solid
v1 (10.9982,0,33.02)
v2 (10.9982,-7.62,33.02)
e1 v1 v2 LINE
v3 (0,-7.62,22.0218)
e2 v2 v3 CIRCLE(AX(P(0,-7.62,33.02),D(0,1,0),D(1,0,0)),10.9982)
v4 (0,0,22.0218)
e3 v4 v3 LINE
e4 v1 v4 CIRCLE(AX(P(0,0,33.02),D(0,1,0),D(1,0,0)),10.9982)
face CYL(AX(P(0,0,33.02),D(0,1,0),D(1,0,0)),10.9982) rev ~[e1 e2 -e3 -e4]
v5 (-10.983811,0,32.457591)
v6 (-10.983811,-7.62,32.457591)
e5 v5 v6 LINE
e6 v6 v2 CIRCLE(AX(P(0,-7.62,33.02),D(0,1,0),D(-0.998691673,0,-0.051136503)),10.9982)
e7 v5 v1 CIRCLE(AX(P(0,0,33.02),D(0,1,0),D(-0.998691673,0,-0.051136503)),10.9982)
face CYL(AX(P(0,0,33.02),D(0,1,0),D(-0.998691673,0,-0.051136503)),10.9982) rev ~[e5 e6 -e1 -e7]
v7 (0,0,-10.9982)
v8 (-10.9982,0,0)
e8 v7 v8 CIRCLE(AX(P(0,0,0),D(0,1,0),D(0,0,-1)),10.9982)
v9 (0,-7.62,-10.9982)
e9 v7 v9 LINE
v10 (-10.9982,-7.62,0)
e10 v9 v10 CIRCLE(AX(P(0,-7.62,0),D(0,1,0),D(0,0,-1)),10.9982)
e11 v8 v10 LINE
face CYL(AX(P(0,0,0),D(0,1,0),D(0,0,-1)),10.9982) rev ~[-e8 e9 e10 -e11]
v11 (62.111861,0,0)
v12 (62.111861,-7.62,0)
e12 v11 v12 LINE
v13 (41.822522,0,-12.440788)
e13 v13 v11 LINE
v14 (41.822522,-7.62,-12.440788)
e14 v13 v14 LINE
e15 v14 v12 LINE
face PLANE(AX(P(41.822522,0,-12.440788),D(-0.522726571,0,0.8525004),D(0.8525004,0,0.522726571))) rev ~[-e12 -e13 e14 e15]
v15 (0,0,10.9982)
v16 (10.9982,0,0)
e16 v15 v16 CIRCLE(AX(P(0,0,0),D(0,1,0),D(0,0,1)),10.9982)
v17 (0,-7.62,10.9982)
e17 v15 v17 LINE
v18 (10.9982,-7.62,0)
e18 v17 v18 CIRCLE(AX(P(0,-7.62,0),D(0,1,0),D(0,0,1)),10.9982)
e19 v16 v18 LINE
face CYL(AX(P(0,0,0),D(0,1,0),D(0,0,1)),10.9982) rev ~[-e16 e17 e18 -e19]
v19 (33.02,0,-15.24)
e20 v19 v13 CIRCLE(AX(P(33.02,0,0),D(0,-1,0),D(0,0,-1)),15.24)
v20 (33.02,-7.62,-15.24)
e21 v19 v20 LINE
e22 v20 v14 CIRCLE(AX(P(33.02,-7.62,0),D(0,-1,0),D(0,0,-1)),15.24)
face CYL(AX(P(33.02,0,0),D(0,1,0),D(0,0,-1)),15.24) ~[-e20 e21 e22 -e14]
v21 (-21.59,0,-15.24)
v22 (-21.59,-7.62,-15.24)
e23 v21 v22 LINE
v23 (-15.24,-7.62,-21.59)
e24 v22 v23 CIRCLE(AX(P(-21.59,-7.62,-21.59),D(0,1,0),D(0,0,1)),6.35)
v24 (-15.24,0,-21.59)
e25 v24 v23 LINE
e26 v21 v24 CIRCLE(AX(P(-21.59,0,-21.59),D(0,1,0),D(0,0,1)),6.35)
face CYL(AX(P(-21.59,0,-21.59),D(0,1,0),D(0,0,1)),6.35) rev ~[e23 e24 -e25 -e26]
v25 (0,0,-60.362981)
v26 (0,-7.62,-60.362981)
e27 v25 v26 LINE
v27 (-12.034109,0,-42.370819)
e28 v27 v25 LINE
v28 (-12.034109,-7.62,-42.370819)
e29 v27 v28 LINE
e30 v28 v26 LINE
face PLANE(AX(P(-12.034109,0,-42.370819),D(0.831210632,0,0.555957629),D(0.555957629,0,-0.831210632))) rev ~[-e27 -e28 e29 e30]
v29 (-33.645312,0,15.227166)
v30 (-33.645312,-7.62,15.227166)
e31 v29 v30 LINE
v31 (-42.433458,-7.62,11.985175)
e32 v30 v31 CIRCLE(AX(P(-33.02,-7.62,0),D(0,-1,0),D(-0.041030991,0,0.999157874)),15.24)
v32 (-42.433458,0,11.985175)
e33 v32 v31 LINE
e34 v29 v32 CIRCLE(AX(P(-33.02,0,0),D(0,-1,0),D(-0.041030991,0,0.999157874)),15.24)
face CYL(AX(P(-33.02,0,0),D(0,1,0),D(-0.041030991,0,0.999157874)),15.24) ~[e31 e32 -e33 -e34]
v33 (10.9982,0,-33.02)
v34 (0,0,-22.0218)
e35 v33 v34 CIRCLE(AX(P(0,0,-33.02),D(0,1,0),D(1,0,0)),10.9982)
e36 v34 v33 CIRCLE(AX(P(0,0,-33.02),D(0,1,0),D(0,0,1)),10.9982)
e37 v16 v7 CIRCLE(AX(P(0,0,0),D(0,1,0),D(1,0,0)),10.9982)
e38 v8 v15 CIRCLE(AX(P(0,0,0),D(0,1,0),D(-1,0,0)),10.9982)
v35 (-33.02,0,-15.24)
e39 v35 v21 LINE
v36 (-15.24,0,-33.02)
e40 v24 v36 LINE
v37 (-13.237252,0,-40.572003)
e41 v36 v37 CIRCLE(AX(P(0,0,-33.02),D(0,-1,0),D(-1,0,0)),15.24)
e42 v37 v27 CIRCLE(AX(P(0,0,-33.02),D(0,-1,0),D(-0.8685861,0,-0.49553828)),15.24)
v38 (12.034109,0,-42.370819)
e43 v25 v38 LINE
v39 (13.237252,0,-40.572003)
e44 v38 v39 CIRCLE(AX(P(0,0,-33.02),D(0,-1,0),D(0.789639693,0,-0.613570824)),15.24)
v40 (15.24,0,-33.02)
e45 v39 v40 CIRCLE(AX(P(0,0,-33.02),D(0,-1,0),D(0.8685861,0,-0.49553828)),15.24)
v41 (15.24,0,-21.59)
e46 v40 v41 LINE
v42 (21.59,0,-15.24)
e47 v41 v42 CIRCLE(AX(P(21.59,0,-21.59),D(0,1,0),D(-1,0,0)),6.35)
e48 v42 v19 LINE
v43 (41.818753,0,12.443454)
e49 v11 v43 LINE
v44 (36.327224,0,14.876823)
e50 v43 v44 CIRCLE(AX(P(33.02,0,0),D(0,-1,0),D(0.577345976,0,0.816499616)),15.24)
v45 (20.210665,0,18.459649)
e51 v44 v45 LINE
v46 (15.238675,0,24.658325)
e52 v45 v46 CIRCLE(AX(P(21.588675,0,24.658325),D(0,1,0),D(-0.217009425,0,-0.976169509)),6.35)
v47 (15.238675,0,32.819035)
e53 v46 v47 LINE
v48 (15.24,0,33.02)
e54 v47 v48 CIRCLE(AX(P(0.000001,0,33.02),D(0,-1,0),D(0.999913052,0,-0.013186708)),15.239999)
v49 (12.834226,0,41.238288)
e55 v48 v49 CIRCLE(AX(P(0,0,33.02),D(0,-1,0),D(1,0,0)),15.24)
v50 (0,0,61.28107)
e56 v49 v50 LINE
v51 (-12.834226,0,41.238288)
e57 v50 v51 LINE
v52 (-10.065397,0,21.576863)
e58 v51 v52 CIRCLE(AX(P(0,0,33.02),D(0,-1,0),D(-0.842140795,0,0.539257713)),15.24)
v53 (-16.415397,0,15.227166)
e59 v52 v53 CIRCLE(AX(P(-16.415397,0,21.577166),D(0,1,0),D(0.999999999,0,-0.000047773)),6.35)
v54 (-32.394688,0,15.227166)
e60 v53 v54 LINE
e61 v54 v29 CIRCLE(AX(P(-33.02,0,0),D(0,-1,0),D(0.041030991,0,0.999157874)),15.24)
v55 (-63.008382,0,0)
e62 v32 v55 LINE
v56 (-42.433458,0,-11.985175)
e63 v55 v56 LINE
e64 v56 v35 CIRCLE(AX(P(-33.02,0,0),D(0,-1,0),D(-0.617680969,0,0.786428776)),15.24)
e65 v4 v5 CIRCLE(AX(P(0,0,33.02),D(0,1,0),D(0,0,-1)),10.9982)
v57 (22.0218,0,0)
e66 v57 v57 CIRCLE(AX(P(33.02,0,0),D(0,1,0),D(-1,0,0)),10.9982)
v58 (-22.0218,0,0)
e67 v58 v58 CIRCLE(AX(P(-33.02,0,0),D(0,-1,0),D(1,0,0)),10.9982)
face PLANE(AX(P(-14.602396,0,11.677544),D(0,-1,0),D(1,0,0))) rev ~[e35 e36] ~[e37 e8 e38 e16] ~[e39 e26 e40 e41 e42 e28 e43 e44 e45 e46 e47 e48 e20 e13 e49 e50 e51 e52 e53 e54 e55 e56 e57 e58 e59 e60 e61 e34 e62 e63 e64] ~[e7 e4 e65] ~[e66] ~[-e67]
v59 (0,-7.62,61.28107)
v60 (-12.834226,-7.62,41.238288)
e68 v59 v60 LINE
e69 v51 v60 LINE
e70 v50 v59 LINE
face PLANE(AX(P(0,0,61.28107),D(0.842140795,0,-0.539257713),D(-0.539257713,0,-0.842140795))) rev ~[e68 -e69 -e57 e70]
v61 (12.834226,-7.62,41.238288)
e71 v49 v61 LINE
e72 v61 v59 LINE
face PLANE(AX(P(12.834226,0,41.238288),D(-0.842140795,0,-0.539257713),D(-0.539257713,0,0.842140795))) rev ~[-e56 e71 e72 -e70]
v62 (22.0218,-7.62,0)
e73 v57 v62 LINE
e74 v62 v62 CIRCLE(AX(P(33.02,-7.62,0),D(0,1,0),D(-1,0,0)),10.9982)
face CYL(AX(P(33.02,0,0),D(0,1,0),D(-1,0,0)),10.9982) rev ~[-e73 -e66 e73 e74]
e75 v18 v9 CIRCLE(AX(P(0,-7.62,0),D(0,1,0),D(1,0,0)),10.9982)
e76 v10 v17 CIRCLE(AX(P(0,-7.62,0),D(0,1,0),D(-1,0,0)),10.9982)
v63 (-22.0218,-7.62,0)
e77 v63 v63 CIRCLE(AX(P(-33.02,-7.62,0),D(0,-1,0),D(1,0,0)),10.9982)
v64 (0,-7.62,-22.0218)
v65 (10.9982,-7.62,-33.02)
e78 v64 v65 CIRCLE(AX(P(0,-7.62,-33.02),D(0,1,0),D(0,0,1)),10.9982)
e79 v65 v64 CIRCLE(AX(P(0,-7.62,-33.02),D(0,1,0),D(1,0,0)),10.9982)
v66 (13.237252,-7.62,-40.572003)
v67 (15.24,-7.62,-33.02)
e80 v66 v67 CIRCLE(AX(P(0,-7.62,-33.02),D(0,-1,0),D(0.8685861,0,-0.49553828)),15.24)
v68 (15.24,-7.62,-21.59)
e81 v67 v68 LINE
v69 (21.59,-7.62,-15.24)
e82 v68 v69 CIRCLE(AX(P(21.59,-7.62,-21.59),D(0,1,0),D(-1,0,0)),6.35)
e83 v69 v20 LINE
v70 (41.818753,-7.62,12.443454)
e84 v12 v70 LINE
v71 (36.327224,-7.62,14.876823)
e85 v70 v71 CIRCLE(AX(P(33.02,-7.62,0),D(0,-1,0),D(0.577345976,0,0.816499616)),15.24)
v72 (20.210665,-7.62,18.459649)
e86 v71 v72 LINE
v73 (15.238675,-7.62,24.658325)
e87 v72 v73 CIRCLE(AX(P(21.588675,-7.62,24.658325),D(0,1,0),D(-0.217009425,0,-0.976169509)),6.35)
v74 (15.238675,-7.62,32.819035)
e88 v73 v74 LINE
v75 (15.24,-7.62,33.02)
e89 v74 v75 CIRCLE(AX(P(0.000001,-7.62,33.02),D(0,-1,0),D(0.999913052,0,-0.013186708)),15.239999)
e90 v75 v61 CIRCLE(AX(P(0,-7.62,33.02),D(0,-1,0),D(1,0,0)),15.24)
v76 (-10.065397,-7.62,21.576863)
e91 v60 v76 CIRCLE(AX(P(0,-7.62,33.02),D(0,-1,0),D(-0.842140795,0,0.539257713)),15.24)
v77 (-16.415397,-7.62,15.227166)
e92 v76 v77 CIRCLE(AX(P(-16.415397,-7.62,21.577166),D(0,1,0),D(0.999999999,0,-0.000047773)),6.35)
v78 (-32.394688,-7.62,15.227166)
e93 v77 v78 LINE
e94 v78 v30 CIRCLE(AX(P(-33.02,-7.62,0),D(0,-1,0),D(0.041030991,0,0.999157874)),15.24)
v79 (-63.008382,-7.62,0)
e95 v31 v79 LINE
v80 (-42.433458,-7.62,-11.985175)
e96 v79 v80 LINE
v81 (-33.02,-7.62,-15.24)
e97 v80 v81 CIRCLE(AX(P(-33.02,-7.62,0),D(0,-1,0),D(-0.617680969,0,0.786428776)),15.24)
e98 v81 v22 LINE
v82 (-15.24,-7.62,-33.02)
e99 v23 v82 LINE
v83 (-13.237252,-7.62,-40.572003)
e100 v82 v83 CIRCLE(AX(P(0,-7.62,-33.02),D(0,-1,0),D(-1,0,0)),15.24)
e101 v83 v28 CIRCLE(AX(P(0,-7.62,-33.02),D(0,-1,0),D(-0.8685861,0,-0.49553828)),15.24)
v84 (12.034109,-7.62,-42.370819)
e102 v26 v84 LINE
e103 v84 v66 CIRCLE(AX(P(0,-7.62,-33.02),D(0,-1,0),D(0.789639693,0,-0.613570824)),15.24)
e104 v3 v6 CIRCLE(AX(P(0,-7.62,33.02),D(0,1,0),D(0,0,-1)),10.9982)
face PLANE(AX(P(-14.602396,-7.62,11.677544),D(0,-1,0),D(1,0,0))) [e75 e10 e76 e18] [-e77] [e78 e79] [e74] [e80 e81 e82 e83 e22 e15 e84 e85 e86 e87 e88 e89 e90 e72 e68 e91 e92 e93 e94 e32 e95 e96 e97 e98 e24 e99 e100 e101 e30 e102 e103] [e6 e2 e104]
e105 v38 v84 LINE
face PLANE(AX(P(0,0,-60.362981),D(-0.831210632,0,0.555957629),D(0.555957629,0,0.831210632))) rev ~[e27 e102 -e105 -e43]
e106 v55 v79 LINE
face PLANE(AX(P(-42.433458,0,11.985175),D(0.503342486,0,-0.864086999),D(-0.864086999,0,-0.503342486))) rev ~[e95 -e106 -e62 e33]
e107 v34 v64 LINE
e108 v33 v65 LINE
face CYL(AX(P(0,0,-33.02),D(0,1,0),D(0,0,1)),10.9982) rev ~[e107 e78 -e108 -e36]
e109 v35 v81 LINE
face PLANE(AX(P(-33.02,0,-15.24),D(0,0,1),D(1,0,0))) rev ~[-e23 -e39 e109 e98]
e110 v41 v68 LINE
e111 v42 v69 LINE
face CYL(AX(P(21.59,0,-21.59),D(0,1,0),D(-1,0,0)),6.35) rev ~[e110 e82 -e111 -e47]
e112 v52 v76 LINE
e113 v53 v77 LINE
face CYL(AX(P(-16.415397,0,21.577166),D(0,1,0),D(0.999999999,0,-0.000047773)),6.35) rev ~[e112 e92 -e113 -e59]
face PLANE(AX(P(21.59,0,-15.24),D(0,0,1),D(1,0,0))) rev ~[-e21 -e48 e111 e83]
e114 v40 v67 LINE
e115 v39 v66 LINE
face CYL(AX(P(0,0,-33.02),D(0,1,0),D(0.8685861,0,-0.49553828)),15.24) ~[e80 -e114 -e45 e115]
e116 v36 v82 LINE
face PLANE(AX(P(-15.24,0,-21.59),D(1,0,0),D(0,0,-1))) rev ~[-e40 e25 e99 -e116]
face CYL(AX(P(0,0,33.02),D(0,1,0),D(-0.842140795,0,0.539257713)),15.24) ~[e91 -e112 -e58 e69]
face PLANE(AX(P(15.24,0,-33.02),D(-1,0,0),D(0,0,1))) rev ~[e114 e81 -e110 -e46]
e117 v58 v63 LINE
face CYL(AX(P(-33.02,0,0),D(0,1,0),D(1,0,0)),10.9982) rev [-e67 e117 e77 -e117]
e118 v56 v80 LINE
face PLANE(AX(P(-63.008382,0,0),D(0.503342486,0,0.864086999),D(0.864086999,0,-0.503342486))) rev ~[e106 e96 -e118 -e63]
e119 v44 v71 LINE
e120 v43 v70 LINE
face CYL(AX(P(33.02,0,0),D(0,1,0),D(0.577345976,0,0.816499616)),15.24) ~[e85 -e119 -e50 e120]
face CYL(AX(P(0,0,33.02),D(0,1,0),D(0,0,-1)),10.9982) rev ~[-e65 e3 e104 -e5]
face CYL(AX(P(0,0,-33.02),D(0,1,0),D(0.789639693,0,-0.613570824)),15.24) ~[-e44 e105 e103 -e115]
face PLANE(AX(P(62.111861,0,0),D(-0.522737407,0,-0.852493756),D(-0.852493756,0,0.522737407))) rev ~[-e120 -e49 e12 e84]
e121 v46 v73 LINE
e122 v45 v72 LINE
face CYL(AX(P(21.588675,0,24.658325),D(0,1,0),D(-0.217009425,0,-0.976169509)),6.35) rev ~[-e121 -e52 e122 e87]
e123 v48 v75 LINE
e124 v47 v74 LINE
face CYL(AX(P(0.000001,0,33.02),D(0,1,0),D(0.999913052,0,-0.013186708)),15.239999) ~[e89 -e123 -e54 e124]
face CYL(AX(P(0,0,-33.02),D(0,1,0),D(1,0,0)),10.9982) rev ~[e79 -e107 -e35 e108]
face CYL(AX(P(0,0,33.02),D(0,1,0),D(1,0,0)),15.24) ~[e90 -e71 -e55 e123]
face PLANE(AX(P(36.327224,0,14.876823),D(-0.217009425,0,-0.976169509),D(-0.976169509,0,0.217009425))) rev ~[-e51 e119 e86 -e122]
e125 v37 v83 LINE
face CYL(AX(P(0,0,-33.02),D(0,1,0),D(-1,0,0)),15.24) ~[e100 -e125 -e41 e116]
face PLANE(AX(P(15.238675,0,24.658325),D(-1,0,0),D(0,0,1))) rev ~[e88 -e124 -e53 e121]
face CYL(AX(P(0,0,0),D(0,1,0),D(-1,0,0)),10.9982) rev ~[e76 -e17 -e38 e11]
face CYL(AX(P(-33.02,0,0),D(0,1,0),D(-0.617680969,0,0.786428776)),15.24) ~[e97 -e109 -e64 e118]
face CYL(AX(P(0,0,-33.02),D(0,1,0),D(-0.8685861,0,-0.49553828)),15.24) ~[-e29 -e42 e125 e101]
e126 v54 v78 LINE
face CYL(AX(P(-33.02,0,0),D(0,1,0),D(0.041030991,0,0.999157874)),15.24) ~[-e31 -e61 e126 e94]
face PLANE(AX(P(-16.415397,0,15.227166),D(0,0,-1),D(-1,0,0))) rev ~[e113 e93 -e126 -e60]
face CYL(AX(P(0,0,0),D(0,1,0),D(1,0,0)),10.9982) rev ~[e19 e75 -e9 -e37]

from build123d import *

# Parameters (mm, degrees)
F0_R     = 10.9982
F1_DEPTH = 7.62


with BuildPart() as f1:
    # F0 (on Front) → F1 (new body)
    with BuildSketch(Plane.XZ):
        with BuildLine():
            ThreePointArc((-10.9982, 0), (-7.7769018008, 7.7769018008), (0, 10.9982))
            Line((0, 10.9982), (0, 17.78))
            ThreePointArc((0, 17.78), (-5.3788561382, 18.7607746829), (-10.0653965385, 21.5768626451))
            ThreePointArc((-10.0653965385, 21.5768626451), (-11.9253757257, 17.0869306915), (-16.4153965312, 15.2271660045))
            Line((-16.4153965312, 15.2271660045), (-32.3946877004, 15.2271660045))
            ThreePointArc((-32.3946877004, 15.2271660045), (-22.0248338019, 10.5529105121), (-17.78, 0))
            Line((-17.78, 0), (-10.9982, 0))
        make_face()
        with BuildLine():
            Line((0, 17.78), (0, 10.9982))
            ThreePointArc((0, 10.9982), (7.7769018008, 7.7769018008), (10.9982, 0))
            Line((10.9982, 0), (17.78, 0))
            ThreePointArc((17.78, 0), (23.4843953598, 11.8882229179), (36.3272236413, 14.8768233097))
            Line((36.3272236413, 14.8768233097), (20.2106650558, 18.459648921))
            ThreePointArc((20.2106650558, 18.459648921), (16.6352486905, 20.6851567), (15.2386749063, 24.6583253))
            Line((15.2386749063, 24.6583253), (15.2386749063, 32.8190345816))
            ThreePointArc((15.2386749063, 32.8190345816), (10.7050195475, 22.1728733534), (0, 17.78))
        make_face()
        with BuildLine():
            ThreePointArc((0, -10.9982), (-7.7769018008, -7.7769018008), (-10.9982, 0))
            Line((-10.9982, 0), (-17.78, 0))
            ThreePointArc((-17.78, 0), (-22.2436926547, -10.7763073453), (-33.02, -15.24))
            Line((-33.02, -15.24), (-21.59, -15.24))
            ThreePointArc((-21.59, -15.24), (-17.0998719395, -17.0998719395), (-15.24, -21.59))
            Line((-15.24, -21.59), (-15.24, -33.02))
            ThreePointArc((-15.24, -33.02), (-10.7763073453, -22.2436926547), (0, -17.78))
            Line((0, -17.78), (0, -10.9982))
        make_face()
        with BuildLine():
            Line((17.78, 0), (10.9982, 0))
            ThreePointArc((10.9982, 0), (7.7769018008, -7.7769018008), (0, -10.9982))
            Line((0, -10.9982), (0, -17.78))
            ThreePointArc((0, -17.78), (10.7763073453, -22.2436926547), (15.24, -33.02))
            Line((15.24, -33.02), (15.24, -21.59))
            ThreePointArc((15.24, -21.59), (17.0998719395, -17.0998719395), (21.59, -15.24))
            Line((21.59, -15.24), (33.02, -15.24))
            ThreePointArc((33.02, -15.24), (22.2436926547, -10.7763073453), (17.78, 0))
        make_face()
        with BuildLine():
            ThreePointArc((-10.0653965385, 21.5768626451), (-5.3788561382, 18.7607746829), (0, 17.78))
            Line((0, 17.78), (0, 22.0218))
            ThreePointArc((0, 22.0218), (-7.5754508533, 25.0467354485), (-10.9838107601, 32.4575905169))
            Line((-10.9838107601, 32.4575905169), (-10.9838107601, 24.8666))
            ThreePointArc((-10.9838107601, 24.8666), (-10.2992675476, 23.2846396517), (-10.0653965385, 21.5768626451))
        make_face()
        with BuildLine():
            Line((0, 22.0218), (0, 17.78))
            ThreePointArc((0, 17.78), (10.7050195475, 22.1728733534), (15.2386749063, 32.8190345816))
            ThreePointArc((15.2386749063, 32.8190345816), (15.239668723, 32.9195151065), (15.24, 33.02))
            ThreePointArc((15.24, 33.02), (14.6261956768, 37.301588493), (12.8342257188, 41.2382875467))
            ThreePointArc((12.8342257188, 41.2382875467), (0, 48.26), (-12.8342257188, 41.2382875467))
            ThreePointArc((-12.8342257188, 41.2382875467), (-15.091092809, 30.894789933), (-10.0653965385, 21.5768626451))
            ThreePointArc((-10.0653965385, 21.5768626451), (-10.2992675476, 23.2846396517), (-10.9838107601, 24.8666))
            Line((-10.9838107601, 24.8666), (-10.9838107601, 32.4575905169))
            ThreePointArc((-10.9838107601, 32.4575905169), (-0.2812967636, 44.0146021015), (10.9982, 33.02))
            ThreePointArc((10.9982, 33.02), (7.7769018008, 25.2430981992), (0, 22.0218))
        make_face()
        with BuildLine():
            ThreePointArc((-33.02, -15.24), (-22.2436926547, -10.7763073453), (-17.78, 0))
            ThreePointArc((-17.78, 0), (-22.0248338019, 10.5529105121), (-32.3946877004, 15.2271660045))
            Line((-32.3946877004, 15.2271660045), (-33.6453122996, 15.2271660045))
            ThreePointArc((-33.6453122996, 15.2271660045), (-38.2946425734, 14.2981028714), (-42.4334579703, 11.985174552))
            ThreePointArc((-42.4334579703, 11.985174552), (-48.26, 0), (-42.4334579703, -11.985174552))
            ThreePointArc((-42.4334579703, -11.985174552), (-38.0001375397, -14.4033270492), (-33.02, -15.24))
        make_face()
        with Locations((-33.02, 0)):
            Circle(F0_R, mode=Mode.SUBTRACT)
        with BuildLine():
            ThreePointArc((36.3272236413, 14.8768233097), (23.4843953598, 11.8882229179), (17.78, 0))
            ThreePointArc((17.78, 0), (22.2436926547, -10.7763073453), (33.02, -15.24))
            ThreePointArc((33.02, -15.24), (37.6384409366, -14.5233468359), (41.8225222525, -12.4407878366))
            ThreePointArc((41.8225222525, -12.4407878366), (46.555287938, -7.0038261283), (48.26, 0))
            ThreePointArc((48.26, 0), (46.5542268134, 7.0058764309), (41.8187526818, 12.4434541525))
            ThreePointArc((41.8187526818, 12.4434541525), (39.1940575837, 13.9333633037), (36.3272236413, 14.8768233097))
        make_face()
        with BuildLine():
            ThreePointArc((44.0182, 0), (33.02, -10.9982), (22.0218, 0))
            ThreePointArc((22.0218, 0), (33.02, 10.9982), (44.0182, 0))
        make_face(mode=Mode.SUBTRACT)
        with BuildLine():
            ThreePointArc((15.24, -33.02), (10.7763073453, -22.2436926547), (0, -17.78))
            ThreePointArc((0, -17.78), (-10.7763073453, -22.2436926547), (-15.24, -33.02))
            ThreePointArc((-15.24, -33.02), (-14.730806545, -36.9265251226), (-13.2372521609, -40.5720033917))
            Line((-13.2372521609, -40.5720033917), (-12.0341089163, -42.370819354))
            ThreePointArc((-12.0341089163, -42.370819354), (0, -48.26), (12.0341089163, -42.370819354))
            Line((12.0341089163, -42.370819354), (13.2372521609, -40.5720033917))
            ThreePointArc((13.2372521609, -40.5720033917), (14.730806545, -36.9265251226), (15.24, -33.02))
        make_face()
        with BuildLine():
            ThreePointArc((10.9982, -33.02), (-7.7769018008, -40.7969018008), (0, -22.0218))
            ThreePointArc((0, -22.0218), (7.7769018008, -25.2430981992), (10.9982, -33.02))
        make_face(mode=Mode.SUBTRACT)
        with BuildLine():
            Line((-33.6453122996, 15.2271660045), (-32.3946877004, 15.2271660045))
            ThreePointArc((-32.3946877004, 15.2271660045), (-33.02, 15.24), (-33.6453122996, 15.2271660045))
        make_face()
        with BuildLine():
            Line((0, 61.2810700441), (-12.8342257188, 41.2382875467))
            ThreePointArc((-12.8342257188, 41.2382875467), (0, 48.26), (12.8342257188, 41.2382875467))
            Line((12.8342257188, 41.2382875467), (0, 61.2810700441))
        make_face()
        with BuildLine():
            Line((-63.0083821844, 0), (-42.4334579703, -11.985174552))
            ThreePointArc((-42.4334579703, -11.985174552), (-48.26, 0), (-42.4334579703, 11.985174552))
            Line((-42.4334579703, 11.985174552), (-63.0083821844, 0))
        make_face()
        with BuildLine():
            Line((62.1118612768, 0), (41.8187526818, 12.4434541525))
            ThreePointArc((41.8187526818, 12.4434541525), (46.5542268134, 7.0058764309), (48.26, 0))
            ThreePointArc((48.26, 0), (46.555287938, -7.0038261283), (41.8225222525, -12.4407878366))
            Line((41.8225222525, -12.4407878366), (62.1118612768, 0))
        make_face()
        with BuildLine():
            ThreePointArc((12.0341089163, -42.370819354), (12.6676500342, -41.4927942622), (13.2372521609, -40.5720033917))
            Line((13.2372521609, -40.5720033917), (12.0341089163, -42.370819354))
        make_face()
        with BuildLine():
            Line((-12.0341089163, -42.370819354), (-13.2372521609, -40.5720033917))
            ThreePointArc((-13.2372521609, -40.5720033917), (-12.6676500342, -41.4927942622), (-12.0341089163, -42.370819354))
        make_face()
        with BuildLine():
            Line((0, -60.3629805593), (12.0341089163, -42.370819354))
            ThreePointArc((12.0341089163, -42.370819354), (0, -48.26), (-12.0341089163, -42.370819354))
            Line((-12.0341089163, -42.370819354), (0, -60.3629805593))
        make_face()
    extrude(amount=F1_DEPTH)


solid = f1.part
